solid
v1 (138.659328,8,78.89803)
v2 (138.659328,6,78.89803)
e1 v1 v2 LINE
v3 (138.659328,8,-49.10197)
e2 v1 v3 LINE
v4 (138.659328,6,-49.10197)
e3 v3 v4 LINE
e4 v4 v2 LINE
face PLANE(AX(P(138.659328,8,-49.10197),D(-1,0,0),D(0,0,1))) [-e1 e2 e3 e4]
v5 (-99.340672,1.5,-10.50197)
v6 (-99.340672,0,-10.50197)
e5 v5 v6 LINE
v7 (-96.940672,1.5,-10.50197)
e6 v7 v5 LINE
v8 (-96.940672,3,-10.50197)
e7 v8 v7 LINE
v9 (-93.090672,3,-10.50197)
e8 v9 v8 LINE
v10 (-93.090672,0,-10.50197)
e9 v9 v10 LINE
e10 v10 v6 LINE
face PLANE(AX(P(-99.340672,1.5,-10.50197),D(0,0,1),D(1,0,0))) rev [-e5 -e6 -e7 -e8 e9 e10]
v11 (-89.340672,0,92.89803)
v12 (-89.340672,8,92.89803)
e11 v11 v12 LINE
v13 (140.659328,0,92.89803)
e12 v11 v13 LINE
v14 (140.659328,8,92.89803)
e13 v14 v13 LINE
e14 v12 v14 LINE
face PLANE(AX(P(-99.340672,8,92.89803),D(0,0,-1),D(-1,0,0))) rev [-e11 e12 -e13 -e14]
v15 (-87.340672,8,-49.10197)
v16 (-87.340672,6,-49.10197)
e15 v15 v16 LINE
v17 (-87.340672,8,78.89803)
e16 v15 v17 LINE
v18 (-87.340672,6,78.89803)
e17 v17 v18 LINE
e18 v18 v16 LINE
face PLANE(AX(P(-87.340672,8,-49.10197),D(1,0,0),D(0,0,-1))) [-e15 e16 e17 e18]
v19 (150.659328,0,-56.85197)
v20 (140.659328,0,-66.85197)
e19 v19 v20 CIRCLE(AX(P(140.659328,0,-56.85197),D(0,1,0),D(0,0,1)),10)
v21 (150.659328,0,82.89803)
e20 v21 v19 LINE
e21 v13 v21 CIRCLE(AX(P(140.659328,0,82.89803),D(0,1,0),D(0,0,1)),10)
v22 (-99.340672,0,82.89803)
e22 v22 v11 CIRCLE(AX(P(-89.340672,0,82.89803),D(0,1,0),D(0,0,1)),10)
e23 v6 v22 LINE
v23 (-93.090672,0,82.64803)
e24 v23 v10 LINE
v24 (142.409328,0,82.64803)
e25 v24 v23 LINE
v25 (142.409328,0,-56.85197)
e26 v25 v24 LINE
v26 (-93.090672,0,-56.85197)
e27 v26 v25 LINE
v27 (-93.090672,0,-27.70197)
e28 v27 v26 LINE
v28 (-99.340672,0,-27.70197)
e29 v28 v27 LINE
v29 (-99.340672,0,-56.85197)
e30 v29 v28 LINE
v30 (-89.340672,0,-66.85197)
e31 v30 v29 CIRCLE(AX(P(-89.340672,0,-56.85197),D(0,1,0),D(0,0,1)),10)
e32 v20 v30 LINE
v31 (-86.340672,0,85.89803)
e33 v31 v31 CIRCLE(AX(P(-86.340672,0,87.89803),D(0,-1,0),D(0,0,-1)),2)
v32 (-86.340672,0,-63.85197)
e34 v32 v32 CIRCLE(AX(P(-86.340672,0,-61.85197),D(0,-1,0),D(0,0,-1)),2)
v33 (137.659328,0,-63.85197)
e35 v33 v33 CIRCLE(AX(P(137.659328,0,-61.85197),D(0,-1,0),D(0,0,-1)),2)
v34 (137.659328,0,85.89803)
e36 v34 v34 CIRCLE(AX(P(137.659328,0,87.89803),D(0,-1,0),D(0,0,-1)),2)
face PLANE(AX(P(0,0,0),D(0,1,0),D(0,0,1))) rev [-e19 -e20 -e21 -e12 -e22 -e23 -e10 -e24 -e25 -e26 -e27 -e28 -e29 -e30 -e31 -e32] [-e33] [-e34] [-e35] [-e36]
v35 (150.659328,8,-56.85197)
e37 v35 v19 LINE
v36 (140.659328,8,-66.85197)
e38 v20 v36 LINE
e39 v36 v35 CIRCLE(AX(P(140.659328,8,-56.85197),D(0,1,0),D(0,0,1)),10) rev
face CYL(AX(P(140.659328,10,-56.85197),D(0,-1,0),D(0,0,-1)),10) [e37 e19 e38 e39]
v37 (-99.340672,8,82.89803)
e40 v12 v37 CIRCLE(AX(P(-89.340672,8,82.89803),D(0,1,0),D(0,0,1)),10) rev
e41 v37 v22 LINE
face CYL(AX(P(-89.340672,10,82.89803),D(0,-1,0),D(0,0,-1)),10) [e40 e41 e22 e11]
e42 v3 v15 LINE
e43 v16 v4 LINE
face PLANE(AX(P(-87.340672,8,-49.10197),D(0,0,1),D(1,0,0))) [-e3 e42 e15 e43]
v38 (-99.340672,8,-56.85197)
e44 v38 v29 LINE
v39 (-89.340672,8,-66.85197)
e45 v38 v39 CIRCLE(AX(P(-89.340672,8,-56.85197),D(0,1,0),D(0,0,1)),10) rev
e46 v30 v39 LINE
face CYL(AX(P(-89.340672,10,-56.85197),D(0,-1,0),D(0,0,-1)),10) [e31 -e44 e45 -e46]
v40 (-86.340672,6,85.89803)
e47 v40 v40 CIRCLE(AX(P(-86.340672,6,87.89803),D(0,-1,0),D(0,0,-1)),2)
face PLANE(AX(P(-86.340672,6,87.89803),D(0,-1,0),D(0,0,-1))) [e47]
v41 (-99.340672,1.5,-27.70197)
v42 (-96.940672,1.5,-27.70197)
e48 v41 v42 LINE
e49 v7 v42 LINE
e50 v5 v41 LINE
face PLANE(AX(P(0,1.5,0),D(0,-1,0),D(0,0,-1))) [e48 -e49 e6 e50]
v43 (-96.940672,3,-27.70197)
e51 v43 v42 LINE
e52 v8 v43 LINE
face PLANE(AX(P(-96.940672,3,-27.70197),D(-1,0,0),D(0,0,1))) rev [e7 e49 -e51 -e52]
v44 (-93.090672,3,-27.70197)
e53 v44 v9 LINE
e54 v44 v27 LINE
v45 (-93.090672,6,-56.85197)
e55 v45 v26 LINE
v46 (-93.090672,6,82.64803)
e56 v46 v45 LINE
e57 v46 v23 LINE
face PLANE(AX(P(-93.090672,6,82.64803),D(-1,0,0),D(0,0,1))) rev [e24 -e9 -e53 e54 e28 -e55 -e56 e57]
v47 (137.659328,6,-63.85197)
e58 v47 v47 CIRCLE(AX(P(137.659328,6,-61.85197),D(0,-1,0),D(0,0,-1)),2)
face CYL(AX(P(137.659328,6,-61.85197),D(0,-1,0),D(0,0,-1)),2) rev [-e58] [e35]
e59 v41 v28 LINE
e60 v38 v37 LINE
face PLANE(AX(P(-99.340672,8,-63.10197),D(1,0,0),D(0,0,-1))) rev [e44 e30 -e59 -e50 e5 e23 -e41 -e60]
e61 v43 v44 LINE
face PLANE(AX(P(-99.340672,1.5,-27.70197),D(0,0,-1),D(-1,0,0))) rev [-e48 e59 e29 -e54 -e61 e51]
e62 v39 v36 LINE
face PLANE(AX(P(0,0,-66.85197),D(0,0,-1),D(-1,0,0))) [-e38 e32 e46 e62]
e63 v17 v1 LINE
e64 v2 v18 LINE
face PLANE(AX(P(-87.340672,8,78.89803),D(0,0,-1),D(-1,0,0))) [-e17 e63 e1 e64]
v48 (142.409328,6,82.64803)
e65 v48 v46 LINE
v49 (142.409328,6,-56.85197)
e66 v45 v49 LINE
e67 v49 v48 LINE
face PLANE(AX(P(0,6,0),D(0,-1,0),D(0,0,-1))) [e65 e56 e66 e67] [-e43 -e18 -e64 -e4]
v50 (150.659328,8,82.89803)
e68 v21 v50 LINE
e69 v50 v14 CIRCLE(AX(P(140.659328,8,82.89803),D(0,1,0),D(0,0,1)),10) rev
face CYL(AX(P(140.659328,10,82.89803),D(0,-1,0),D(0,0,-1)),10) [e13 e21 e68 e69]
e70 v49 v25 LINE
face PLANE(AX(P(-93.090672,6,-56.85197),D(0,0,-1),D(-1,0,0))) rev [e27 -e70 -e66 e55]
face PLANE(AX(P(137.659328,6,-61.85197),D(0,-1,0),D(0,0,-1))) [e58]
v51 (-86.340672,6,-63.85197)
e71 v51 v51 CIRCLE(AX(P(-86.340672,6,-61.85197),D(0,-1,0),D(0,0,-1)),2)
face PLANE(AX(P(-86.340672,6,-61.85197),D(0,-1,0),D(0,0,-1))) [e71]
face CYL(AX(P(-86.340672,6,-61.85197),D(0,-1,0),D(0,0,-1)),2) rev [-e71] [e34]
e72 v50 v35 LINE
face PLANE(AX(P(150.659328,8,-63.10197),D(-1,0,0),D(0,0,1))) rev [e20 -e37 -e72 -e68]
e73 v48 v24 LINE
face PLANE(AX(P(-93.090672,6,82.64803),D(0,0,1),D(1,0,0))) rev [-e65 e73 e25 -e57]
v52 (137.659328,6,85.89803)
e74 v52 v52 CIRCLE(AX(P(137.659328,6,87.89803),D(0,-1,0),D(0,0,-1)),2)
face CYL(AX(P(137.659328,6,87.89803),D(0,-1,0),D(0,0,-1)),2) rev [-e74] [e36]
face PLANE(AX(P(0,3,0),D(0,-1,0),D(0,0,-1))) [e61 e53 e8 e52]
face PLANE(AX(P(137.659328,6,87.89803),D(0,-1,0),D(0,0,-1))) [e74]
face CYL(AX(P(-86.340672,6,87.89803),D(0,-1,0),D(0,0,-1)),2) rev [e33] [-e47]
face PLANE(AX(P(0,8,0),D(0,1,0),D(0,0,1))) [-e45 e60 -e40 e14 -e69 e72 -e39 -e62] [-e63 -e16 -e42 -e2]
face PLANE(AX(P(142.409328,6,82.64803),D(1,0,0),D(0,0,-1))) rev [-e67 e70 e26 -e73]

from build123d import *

# Parameters (mm, degrees)
SKETCH_1_W          = 250
SKETCH_1_H          = 156
SKETCH_1_W_2        = 226
SKETCH_1_H_2        = 128
EXTRUDE_1_DEPTH     = 8
SKETCH_2_W          = 235.5
SKETCH_2_H          = 139.5
CUT_EXTRUDE_3_DEPTH = 6
SKETCH_11_W         = 250
SKETCH_11_H         = 8
EXTRUDE_3_DEPTH     = 3.75
CUT_EXTRUDE_4_DEPTH = 10
SKETCH_13_R         = 2
CUT_EXTRUDE_5_DEPTH = 6
SKETCH_14_W         = 6.25
SKETCH_14_H         = 17.2
CUT_EXTRUDE_6_DEPTH = 1.5
SKETCH_16_W         = 3.85
SKETCH_16_H         = 17.2
CUT_EXTRUDE_8_DEPTH = 1.5


with BuildPart() as part:
    # 草图1 → 凸台-拉伸1 (new body)
    with BuildSketch(Plane(origin=(0, 0, 0), x_dir=(1, 0, 0), z_dir=(0, 1, 0))):
        with Locations((25.659327926, -14.898030127)):
            Rectangle(SKETCH_1_W, SKETCH_1_H)
        with Locations((25.659327926, -14.898030127)):
            Rectangle(SKETCH_1_W_2, SKETCH_1_H_2, mode=Mode.SUBTRACT)
    extrude(amount=EXTRUDE_1_DEPTH)

    # 草图2 → 切除-拉伸3 (cut)
    with BuildSketch(Plane.XZ):
        with Locations((24.659327926, 12.898030127)):
            Rectangle(SKETCH_2_W, SKETCH_2_H)
    extrude(amount=-CUT_EXTRUDE_3_DEPTH, mode=Mode.SUBTRACT)

    # 草图11 → 凸台-拉伸3 (add)
    with BuildSketch(Plane(origin=(0, 0, -63.101969873), x_dir=(-1, 0, 0), z_dir=(0, 0, -1))):
        with Locations((-25.659327926, 4)):
            Rectangle(SKETCH_11_W, SKETCH_11_H)
    extrude(amount=EXTRUDE_3_DEPTH)

    # 草图12 → 切除-拉伸4 (cut)
    with BuildSketch(Plane.XZ):
        with BuildLine():
            Line((-89.340672074, 92.898030127), (-99.340672074, 92.898030127))
            Line((-99.340672074, 92.898030127), (-99.340672074, 82.898030127))
            ThreePointArc((-99.340672074, 82.898030127), (-96.411739886, 89.969097939), (-89.340672074, 92.898030127))
        make_face()
        with BuildLine():
            Line((-99.340672074, -56.851969873), (-99.340672074, -66.851969873))
            Line((-99.340672074, -66.851969873), (-89.340672074, -66.851969873))
            ThreePointArc((-89.340672074, -66.851969873), (-96.411739886, -63.923037684), (-99.340672074, -56.851969873))
        make_face()
        with BuildLine():
            Line((140.659327926, -66.851969873), (150.659327926, -66.851969873))
            Line((150.659327926, -66.851969873), (150.659327926, -56.851969873))
            ThreePointArc((150.659327926, -56.851969873), (147.730395738, -63.923037684), (140.659327926, -66.851969873))
        make_face()
        with BuildLine():
            Line((150.659327926, 82.898030127), (150.659327926, 92.898030127))
            Line((150.659327926, 92.898030127), (140.659327926, 92.898030127))
            ThreePointArc((140.659327926, 92.898030127), (147.730395738, 89.969097939), (150.659327926, 82.898030127))
        make_face()
    extrude(amount=-CUT_EXTRUDE_4_DEPTH, mode=Mode.SUBTRACT)

    # 草图13 → 切除-拉伸5 (cut)
    with BuildSketch(Plane.XZ):
        with Locations(Location((-86.340672074, 87.898030127, 0), (0, 0, 270))):
            Circle(SKETCH_13_R)
        with Locations(Location((137.659327926, 87.898030127, 0), (0, 0, 270))):
            Circle(SKETCH_13_R)
        with Locations(Location((137.659327926, -61.851969873, 0), (0, 0, 270))):
            Circle(SKETCH_13_R)
        with Locations(Location((-86.340672074, -61.851969873, 0), (0, 0, 270))):
            Circle(SKETCH_13_R)
    extrude(amount=-CUT_EXTRUDE_5_DEPTH, mode=Mode.SUBTRACT)

    # 草图14 → 切除-拉伸6 (cut)
    with BuildSketch(Plane.XZ):
        with Locations((-96.215672074, -19.101969873)):
            Rectangle(SKETCH_14_W, SKETCH_14_H)
    extrude(amount=-CUT_EXTRUDE_6_DEPTH, mode=Mode.SUBTRACT)

    # 草图16 → 切除-拉伸8 (cut)
    with BuildSketch(Plane.XZ.offset(-1.5)):
        with Locations((-95.015672074, -19.101969873)):
            Rectangle(SKETCH_16_W, SKETCH_16_H)
    extrude(amount=-CUT_EXTRUDE_8_DEPTH, mode=Mode.SUBTRACT)


solid = part.part
